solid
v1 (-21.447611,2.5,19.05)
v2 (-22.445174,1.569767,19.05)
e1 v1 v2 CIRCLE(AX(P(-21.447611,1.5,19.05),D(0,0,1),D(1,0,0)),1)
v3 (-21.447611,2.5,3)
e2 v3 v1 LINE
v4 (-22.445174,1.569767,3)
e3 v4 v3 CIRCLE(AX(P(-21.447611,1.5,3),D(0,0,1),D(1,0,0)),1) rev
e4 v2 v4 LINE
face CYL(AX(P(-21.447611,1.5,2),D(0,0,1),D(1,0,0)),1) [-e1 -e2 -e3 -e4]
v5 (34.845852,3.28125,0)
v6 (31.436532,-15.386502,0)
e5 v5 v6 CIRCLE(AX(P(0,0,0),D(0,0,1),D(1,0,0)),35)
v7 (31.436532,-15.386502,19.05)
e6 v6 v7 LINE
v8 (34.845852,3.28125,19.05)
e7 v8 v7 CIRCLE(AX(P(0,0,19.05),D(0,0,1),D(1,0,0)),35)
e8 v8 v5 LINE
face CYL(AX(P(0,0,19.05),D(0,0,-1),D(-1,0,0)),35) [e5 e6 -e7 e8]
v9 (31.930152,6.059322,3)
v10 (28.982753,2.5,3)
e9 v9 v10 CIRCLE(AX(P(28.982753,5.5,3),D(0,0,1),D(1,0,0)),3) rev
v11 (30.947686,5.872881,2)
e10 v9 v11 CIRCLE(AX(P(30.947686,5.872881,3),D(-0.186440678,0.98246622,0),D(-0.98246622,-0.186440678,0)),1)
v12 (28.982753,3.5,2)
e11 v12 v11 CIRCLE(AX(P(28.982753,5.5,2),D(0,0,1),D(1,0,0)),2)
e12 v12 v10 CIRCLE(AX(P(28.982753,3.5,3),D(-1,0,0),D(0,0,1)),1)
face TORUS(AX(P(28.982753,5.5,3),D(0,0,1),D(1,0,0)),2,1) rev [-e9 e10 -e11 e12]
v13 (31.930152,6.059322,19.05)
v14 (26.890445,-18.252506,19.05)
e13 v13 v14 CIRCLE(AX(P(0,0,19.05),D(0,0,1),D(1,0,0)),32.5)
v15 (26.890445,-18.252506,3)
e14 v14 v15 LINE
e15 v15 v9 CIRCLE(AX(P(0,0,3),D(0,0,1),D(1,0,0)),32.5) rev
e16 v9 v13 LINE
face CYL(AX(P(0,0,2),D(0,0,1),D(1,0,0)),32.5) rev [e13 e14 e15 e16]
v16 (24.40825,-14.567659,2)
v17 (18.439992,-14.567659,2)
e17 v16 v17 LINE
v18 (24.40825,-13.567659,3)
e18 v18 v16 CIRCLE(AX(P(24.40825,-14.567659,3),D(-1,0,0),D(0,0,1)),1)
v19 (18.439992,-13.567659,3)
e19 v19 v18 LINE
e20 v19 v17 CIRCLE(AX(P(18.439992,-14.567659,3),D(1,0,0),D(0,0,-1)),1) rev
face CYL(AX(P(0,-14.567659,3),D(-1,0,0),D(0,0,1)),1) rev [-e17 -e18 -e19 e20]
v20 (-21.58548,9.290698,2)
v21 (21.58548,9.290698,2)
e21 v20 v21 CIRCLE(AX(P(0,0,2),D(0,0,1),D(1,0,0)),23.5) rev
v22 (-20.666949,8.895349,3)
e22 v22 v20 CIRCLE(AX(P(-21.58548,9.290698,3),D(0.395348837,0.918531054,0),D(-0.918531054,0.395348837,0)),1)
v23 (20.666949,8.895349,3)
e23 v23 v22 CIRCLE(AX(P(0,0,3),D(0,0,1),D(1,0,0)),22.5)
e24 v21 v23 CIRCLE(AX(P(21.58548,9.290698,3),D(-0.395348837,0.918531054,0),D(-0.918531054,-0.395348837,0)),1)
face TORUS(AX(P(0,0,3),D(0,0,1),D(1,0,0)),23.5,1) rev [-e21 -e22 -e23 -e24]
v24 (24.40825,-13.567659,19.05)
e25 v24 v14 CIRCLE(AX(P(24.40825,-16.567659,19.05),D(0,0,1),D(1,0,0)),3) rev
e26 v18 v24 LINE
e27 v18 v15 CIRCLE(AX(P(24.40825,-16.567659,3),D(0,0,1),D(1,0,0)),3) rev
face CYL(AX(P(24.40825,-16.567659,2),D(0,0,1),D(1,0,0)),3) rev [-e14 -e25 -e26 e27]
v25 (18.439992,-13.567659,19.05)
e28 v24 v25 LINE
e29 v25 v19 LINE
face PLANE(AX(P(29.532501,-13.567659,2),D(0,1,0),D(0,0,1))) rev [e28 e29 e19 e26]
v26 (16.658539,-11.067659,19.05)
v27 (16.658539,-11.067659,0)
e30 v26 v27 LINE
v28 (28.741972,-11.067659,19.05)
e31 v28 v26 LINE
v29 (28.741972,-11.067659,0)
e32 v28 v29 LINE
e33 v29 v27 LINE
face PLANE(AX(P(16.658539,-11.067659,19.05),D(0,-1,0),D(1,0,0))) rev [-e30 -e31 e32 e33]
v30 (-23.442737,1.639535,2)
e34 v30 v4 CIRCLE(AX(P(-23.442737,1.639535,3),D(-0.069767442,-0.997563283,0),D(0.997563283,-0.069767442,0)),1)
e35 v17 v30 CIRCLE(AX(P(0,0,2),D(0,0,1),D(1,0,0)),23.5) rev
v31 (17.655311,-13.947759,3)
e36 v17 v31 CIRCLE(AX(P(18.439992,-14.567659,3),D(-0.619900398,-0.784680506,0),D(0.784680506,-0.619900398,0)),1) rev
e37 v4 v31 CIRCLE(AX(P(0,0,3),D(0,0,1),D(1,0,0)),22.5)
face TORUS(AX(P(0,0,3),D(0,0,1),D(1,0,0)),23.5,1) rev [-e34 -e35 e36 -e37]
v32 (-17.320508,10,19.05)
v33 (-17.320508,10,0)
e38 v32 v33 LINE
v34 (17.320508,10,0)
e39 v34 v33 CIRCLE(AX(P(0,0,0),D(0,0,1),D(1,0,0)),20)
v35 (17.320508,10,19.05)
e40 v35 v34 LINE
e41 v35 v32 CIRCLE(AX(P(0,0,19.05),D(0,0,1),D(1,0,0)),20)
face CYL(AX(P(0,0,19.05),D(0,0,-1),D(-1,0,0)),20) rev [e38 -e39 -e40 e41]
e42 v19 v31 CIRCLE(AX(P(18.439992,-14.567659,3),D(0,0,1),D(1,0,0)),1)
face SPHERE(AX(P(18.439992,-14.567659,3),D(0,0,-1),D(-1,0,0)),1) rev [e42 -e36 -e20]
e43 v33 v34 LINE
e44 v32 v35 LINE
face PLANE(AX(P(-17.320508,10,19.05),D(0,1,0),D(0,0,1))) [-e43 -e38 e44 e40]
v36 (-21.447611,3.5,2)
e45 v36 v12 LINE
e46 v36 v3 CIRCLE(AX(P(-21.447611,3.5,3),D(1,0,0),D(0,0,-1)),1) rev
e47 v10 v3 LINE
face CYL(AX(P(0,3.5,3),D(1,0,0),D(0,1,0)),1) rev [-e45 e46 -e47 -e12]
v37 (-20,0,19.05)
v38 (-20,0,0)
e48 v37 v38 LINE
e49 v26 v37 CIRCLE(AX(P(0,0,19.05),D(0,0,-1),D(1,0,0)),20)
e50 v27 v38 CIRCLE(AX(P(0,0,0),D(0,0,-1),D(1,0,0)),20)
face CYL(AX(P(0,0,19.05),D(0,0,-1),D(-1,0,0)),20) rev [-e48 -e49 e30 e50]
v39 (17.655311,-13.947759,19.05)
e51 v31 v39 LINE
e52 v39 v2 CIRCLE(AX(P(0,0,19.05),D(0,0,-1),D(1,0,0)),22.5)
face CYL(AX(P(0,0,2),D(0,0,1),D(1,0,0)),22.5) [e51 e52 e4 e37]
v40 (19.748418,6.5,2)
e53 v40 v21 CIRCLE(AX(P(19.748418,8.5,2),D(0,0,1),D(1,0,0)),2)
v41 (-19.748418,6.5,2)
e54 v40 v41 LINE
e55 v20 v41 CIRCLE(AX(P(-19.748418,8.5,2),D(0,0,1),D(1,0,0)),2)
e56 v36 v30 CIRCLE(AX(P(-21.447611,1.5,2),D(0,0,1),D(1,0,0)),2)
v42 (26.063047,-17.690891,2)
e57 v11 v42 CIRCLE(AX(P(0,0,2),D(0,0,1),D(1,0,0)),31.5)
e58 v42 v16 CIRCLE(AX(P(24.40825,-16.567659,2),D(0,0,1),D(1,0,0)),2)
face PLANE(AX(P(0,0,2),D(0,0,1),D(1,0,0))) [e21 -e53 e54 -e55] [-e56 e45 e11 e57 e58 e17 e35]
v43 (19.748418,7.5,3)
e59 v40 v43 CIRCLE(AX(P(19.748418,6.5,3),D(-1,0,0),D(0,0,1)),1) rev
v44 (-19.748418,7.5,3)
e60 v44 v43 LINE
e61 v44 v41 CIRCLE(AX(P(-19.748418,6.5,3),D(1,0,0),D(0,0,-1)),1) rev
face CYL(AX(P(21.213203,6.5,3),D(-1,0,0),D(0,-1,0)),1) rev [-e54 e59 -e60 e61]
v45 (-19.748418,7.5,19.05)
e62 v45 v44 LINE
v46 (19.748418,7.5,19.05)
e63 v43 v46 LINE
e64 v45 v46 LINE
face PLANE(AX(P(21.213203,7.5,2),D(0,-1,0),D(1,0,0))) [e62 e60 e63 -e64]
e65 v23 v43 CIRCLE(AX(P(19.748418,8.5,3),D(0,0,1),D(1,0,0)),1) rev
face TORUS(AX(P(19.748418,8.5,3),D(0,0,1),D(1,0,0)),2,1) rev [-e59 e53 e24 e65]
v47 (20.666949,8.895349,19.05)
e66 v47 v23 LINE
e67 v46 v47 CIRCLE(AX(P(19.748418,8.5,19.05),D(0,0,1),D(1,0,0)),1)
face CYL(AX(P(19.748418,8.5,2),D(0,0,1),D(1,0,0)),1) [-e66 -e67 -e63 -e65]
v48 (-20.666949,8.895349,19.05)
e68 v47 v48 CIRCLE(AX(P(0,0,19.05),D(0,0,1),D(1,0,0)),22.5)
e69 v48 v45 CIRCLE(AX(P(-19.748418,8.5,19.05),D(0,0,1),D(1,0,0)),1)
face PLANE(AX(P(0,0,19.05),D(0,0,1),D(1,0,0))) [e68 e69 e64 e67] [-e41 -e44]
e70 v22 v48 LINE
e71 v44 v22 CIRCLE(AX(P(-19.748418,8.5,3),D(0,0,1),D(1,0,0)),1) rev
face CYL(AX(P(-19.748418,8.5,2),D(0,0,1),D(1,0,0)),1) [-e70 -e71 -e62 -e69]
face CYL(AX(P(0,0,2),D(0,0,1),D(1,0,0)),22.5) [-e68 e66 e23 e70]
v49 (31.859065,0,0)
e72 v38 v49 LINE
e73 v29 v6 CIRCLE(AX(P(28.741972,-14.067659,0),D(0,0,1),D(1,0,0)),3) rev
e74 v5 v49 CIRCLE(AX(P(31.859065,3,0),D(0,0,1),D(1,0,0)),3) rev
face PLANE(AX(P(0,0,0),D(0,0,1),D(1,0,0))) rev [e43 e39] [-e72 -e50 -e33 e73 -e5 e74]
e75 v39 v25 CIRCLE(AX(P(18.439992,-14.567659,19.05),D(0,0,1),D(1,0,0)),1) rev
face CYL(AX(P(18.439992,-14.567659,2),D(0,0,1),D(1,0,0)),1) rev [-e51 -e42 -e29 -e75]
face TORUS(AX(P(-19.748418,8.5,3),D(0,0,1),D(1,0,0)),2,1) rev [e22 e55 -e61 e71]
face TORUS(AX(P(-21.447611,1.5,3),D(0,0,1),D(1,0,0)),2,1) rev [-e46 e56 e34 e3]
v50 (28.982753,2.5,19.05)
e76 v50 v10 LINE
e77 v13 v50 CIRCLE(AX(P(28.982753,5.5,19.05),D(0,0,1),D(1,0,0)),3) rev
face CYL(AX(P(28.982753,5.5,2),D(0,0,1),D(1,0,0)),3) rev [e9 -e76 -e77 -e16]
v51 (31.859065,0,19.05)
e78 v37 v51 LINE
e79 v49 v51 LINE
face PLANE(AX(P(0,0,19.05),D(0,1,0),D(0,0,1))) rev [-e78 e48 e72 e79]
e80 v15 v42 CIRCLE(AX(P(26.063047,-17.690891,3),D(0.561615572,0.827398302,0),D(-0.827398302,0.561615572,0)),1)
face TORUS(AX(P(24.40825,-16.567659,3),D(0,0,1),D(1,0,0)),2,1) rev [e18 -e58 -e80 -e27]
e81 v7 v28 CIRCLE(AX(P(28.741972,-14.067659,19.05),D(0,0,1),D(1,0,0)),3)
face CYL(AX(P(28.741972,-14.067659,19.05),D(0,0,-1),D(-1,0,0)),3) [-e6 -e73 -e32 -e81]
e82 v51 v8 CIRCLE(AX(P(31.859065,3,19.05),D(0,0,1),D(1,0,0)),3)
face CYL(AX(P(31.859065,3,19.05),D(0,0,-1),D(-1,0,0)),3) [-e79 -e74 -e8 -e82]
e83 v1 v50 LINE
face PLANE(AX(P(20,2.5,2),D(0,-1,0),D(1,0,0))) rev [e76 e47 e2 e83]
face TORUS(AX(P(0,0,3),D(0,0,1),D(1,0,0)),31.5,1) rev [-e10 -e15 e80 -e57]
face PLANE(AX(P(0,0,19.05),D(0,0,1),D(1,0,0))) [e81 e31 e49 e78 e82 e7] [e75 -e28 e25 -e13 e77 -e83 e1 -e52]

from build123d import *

# Parameters (mm, degrees)
BOSS_EXTRUDE6_DEPTH = 19.05
CUT_EXTRUDE2_DEPTH  = 17.05
FILLET2_R           = 3
FILLET1_R           = 1


with BuildPart() as part:
    # Sketch3 → Boss-Extrude6 (new body)
    with BuildSketch(Plane.XY):
        with BuildLine():
            Line((0, 0), (35, 0))
            ThreePointArc((35, 0), (-34.548087395, 5.606215958), (33.204019579, -11.067659364))
            Line((33.204019579, -11.067659364), (16.658538837, -11.067659364))
            ThreePointArc((16.658538837, -11.067659364), (-5.780537313, -19.146419727), (-20, 0))
            Line((-20, 0), (0, 0))
        make_face()
        with BuildLine():
            Line((-17.320508076, 10), (17.320508076, 10))
            ThreePointArc((17.320508076, 10), (0, 20), (-17.320508076, 10))
        make_face(mode=Mode.SUBTRACT)
    extrude(amount=BOSS_EXTRUDE6_DEPTH)

    # Sketch6 → Cut-Extrude2 (cut)
    with BuildSketch(Plane.XY.offset(19.05)):
        with BuildLine():
            Line((29.532501069, -13.567659364), (17.949056225, -13.567659364))
            ThreePointArc((17.949056225, -13.567659364), (-8.331147877, -20.900764939), (-22.360679775, 2.5))
            Line((-22.360679775, 2.5), (20, 2.5))
            Line((20, 2.5), (32.403703492, 2.5))
            ThreePointArc((32.403703492, 2.5), (-31.993214565, 5.717011614), (29.532501069, -13.567659364))
        make_face()
        with BuildLine():
            Line((21.213203436, 7.5), (-21.213203436, 7.5))
            ThreePointArc((-21.213203436, 7.5), (0, 22.5), (21.213203436, 7.5))
        make_face(mode=Mode.SUBTRACT)
    extrude(amount=-CUT_EXTRUDE2_DEPTH, mode=Mode.SUBTRACT)

    # Fillet2
    fillet2_edges = [part.edges().sort_by_distance(p)[0] for p in [
        (29.532501069, -13.567659364, 10.525),
        (32.403703492, 2.5, 10.525),
        (33.204019579, -11.067659364, 9.525),
        (35, 0, 9.525),
    ]]
    fillet(fillet2_edges, radius=FILLET2_R)

    # Fillet1
    fillet1_edges = [part.edges().sort_by_distance(p)[0] for p in [
        (3.311036859, 2.5, 2),
        (-8.331147877, -20.900764939, 2),
        (-22.360679775, 2.5, 10.525),
        (17.949056225, -13.567659364, 10.525),
        (0, 7.5, 2),
        (0, 22.5, 2),
        (21.213203436, 7.5, 10.525),
        (-21.213203436, 7.5, 10.525),
        (-31.823448952, 6.596824754, 2),
        (21.178653063, -13.567659364, 2),
        (27.059149761, -15.16312032, 2),
        (31.293377445, 3.586621588, 2),
    ]]
    fillet(fillet1_edges, radius=FILLET1_R)


solid = part.part
